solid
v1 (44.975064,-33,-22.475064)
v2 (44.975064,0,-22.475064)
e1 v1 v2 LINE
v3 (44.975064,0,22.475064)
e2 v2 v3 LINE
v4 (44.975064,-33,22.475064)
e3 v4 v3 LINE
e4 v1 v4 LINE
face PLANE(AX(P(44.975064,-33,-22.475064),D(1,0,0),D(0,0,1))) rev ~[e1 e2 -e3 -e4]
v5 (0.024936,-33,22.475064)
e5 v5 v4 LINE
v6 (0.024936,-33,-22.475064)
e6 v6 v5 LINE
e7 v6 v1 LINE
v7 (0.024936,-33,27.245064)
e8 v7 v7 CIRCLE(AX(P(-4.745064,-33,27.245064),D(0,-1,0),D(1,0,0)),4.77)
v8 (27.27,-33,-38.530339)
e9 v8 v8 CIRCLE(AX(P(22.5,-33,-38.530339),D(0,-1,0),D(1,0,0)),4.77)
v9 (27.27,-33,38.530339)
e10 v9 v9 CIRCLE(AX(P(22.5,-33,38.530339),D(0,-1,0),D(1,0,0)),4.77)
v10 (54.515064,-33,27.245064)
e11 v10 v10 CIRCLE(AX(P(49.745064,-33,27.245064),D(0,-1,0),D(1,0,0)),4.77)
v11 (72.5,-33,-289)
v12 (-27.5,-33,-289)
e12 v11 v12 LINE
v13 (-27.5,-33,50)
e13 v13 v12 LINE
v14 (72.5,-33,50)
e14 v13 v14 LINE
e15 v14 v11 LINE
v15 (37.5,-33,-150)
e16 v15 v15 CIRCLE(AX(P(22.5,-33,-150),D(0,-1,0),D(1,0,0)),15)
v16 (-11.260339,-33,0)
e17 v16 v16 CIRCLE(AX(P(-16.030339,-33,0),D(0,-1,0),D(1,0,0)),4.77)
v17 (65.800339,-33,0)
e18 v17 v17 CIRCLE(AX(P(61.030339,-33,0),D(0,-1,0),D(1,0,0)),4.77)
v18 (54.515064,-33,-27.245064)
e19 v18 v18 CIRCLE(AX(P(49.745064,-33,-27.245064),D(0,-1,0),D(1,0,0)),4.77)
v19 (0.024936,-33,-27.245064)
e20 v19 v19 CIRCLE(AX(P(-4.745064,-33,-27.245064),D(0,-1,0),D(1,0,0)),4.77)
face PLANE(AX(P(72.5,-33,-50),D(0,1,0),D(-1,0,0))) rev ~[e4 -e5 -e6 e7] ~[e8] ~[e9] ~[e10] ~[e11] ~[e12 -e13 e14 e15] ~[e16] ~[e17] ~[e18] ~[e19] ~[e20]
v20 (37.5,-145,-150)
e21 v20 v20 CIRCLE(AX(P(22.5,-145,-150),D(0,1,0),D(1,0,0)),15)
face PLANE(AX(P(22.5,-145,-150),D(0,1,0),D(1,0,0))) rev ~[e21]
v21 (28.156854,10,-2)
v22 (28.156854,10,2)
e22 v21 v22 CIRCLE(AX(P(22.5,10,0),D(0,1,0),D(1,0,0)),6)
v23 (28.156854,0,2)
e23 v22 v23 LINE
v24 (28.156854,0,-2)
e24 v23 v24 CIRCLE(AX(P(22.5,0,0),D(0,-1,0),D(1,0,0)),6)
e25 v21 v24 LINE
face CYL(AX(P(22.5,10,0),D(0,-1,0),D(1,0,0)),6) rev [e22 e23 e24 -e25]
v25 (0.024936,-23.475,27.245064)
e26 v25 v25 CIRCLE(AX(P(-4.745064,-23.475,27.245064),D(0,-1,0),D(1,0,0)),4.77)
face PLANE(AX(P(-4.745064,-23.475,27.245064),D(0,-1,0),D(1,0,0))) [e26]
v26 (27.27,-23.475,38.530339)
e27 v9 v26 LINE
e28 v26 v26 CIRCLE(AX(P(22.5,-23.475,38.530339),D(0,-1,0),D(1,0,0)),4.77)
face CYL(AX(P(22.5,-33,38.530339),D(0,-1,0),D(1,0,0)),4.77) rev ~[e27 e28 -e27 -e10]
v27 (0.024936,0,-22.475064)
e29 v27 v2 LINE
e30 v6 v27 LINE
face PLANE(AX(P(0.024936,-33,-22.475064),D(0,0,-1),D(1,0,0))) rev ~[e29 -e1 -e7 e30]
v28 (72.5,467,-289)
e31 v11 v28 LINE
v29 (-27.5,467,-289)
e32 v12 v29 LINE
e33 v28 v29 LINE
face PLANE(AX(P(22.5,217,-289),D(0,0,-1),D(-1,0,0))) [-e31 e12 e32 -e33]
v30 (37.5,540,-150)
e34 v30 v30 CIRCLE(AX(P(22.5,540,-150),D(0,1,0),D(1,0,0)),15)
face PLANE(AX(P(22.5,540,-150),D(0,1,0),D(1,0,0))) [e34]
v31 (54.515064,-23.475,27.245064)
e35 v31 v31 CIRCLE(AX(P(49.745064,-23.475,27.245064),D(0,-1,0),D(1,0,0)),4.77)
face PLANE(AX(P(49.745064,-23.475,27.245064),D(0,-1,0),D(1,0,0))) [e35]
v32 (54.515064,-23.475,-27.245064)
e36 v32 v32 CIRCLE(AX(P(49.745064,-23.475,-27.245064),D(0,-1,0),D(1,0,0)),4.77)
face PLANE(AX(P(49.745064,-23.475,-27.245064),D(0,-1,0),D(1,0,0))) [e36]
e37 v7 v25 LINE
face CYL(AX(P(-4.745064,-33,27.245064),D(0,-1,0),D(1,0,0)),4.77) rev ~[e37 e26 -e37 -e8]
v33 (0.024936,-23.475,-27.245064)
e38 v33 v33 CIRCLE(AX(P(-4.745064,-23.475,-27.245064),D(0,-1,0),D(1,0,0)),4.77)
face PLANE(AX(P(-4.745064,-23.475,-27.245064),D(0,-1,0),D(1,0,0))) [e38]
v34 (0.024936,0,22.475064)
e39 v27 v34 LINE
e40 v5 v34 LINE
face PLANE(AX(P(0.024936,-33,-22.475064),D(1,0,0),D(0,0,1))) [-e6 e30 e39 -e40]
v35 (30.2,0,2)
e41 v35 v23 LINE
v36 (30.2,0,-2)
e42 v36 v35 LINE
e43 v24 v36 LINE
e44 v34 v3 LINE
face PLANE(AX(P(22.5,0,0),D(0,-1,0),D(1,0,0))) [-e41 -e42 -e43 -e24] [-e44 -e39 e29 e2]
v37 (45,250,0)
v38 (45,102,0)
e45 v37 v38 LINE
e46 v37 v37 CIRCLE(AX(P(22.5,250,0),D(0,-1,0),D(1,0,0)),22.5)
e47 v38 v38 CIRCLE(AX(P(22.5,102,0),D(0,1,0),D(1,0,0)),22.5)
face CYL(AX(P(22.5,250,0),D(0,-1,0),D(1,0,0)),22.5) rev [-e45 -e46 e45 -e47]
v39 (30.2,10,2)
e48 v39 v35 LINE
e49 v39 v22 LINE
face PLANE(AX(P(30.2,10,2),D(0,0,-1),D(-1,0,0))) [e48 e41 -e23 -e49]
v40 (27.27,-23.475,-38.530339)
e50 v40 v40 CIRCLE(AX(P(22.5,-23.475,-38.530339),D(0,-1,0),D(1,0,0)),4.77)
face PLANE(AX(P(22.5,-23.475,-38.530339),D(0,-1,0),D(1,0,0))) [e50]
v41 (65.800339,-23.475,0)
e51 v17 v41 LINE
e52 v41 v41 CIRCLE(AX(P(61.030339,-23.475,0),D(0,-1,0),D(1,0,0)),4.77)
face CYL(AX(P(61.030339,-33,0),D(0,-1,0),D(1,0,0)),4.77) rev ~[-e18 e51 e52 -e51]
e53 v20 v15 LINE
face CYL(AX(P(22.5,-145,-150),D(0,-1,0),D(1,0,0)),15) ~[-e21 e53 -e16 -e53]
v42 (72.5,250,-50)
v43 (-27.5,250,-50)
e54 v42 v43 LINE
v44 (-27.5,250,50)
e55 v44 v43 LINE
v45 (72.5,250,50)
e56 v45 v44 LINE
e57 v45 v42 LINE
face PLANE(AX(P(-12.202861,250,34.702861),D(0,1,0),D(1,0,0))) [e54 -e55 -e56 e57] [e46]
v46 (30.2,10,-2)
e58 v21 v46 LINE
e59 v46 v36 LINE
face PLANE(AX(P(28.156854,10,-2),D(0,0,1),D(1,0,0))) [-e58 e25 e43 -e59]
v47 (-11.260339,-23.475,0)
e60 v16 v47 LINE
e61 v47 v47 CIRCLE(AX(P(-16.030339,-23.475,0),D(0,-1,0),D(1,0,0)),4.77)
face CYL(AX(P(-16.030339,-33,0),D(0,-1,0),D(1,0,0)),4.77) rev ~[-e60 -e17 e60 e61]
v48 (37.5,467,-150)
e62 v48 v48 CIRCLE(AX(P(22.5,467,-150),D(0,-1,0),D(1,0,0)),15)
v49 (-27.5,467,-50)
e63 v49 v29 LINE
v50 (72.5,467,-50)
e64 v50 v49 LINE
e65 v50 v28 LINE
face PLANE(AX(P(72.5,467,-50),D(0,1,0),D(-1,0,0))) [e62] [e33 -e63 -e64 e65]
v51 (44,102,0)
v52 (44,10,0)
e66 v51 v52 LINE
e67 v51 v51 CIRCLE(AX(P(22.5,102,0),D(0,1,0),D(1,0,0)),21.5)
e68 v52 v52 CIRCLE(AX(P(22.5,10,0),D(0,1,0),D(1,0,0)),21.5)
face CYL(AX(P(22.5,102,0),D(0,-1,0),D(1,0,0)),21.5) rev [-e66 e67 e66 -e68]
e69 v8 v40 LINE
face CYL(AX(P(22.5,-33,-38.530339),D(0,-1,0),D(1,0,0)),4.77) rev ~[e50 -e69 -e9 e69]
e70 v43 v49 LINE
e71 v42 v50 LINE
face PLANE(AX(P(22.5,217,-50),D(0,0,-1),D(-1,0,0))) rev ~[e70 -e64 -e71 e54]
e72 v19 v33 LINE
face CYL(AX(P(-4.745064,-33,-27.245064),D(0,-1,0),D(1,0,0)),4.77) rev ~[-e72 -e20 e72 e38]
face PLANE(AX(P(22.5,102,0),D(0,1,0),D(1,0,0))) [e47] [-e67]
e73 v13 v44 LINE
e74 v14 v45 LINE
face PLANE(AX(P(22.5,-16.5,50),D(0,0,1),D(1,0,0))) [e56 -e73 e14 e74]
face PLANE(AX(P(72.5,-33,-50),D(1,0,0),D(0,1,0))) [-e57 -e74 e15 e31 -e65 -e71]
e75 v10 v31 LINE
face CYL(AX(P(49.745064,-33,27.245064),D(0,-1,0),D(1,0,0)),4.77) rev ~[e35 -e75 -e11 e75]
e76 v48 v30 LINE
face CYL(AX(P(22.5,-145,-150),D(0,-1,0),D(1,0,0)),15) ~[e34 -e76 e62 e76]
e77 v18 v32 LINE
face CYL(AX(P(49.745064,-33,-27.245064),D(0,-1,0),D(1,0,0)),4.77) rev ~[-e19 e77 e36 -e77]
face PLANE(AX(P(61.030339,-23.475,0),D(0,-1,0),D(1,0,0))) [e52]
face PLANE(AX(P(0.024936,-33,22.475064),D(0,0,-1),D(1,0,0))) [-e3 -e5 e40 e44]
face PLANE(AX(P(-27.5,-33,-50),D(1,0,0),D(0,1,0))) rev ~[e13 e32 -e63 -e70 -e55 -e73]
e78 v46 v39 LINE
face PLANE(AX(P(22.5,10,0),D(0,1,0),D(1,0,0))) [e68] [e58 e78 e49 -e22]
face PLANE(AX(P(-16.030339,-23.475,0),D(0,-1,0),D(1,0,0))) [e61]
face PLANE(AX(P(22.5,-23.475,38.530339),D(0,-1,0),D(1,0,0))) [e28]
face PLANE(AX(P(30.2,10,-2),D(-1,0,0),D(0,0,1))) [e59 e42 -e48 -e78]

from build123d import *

# Parameters (mm, degrees)
CUT_EXTRUDE_START     = -10
CUT_EXTRUDE_1_DEPTH   = 10
EXTRUDE_START         = -250
SKETCH_3_R            = 50
SKETCH_3_R_2          = 32.5
EXTRUDE_1_DEPTH       = 250
EXTRUDE_7_DEPTH       = 250
EXTRUDE_8_DEPTH       = 50
EXTRUDE_8_DEPTH_BACK  = 50
SKETCH_5_R            = 4.77
CUT_EXTRUDE_2_DEPTH   = 9.525
SKETCH_7_W            = 44.95012806
SKETCH_7_H            = 44.95012806
CUT_EXTRUDE_3_DEPTH   = 33
SKETCH_12_W           = 100
SKETCH_12_H           = 500
EXTRUDE_10_DEPTH      = 239
EXTRUDE_12_DEPTH      = 73
EXTRUDE_12_DEPTH_BACK = 612
SKETCH_13_R           = 15


with BuildPart() as part:
    # 草图1 → 旋转1 (revolve)
    with BuildSketch(Plane.XY):
        Polygon((16.5, 10), (1, 10), (1, 102), (0, 102), (0, 250), (-10, 250), (-10, 0), (16.5, 0), align=None)
        Polygon((28.5, 10), (28.5, 0), (55, 0), (55, 250), (45, 250), (45, 102), (44, 102), (44, 10), align=None)
    revolve(axis=Axis((22.5, 0, 0), (0, 1, 0)))

    # 草图2 → 切除-拉伸1 (cut)
    with BuildSketch(Plane.XZ.offset(CUT_EXTRUDE_START)):
        with BuildLine():
            Line((30.2, 2), (28.156854249, 2))
            ThreePointArc((28.156854249, 2), (28.5, 0), (28.156854249, -2))
            Line((28.156854249, -2), (30.2, -2))
            Line((30.2, -2), (30.2, 2))
        make_face()
    extrude(amount=CUT_EXTRUDE_1_DEPTH, mode=Mode.SUBTRACT)

    # 草图3 → 凸台-拉伸1 (add)
    with BuildSketch(Plane(origin=(0, 250, 0), x_dir=(1, 0, 0), z_dir=(0, 1, 0)).offset(EXTRUDE_START)):
        with Locations((22.5, 0)):
            Circle(SKETCH_3_R)
        with Locations((22.5, 0)):
            Circle(SKETCH_3_R_2, mode=Mode.SUBTRACT)
    extrude(amount=EXTRUDE_1_DEPTH)

    # 草图3<5> → 凸台-拉伸7 (add)
    with BuildSketch(Plane(origin=(0, 250, 0), x_dir=(1, 0, 0), z_dir=(0, 1, 0)).offset(EXTRUDE_START)):
        with BuildLine():
            ThreePointArc((22.5, -50), (-12.855339059, -35.355339059), (-27.5, 0))
            Line((-27.5, 0), (-27.5, -50))
            Line((-27.5, -50), (22.5, -50))
        make_face()
        with BuildLine():
            Line((-27.5, 50), (-27.5, 0))
            ThreePointArc((-27.5, 0), (-12.855339059, 35.355339059), (22.5, 50))
            Line((22.5, 50), (-27.5, 50))
        make_face()
        with BuildLine():
            Line((72.5, 50), (22.5, 50))
            ThreePointArc((22.5, 50), (57.855339059, 35.355339059), (72.5, 0))
            Line((72.5, 0), (72.5, 50))
        make_face()
        with BuildLine():
            ThreePointArc((72.5, 0), (57.855339059, -35.355339059), (22.5, -50))
            Line((22.5, -50), (72.5, -50))
            Line((72.5, -50), (72.5, 0))
        make_face()
    extrude(amount=EXTRUDE_7_DEPTH)

    # 草图1<21> → 凸台-拉伸8 (add, two sides: drawn at the far end of the back side and taken through both)
    with BuildSketch(Plane.XY.offset(-EXTRUDE_8_DEPTH_BACK)):
        Polygon((16.5, 0), (0, 0), (-10, 0), (-27.5, 0), (-27.5, -33), (72.5, -33), (72.5, 0), (55, 0), (45, 0), (28.5, 0), align=None)
    extrude(amount=EXTRUDE_8_DEPTH + EXTRUDE_8_DEPTH_BACK)

    # 草图5 → 切除-拉伸2 (cut)
    with BuildSketch(Plane.XZ.offset(33)):
        with Locations((-16.030339059, 0)):
            Circle(SKETCH_5_R)
        with Locations((-4.74506403, 27.24506403)):
            Circle(SKETCH_5_R)
        with Locations((22.5, 38.530339059)):
            Circle(SKETCH_5_R)
        with Locations((49.74506403, 27.24506403)):
            Circle(SKETCH_5_R)
        with Locations((61.030339059, 0)):
            Circle(SKETCH_5_R)
        with Locations((49.74506403, -27.24506403)):
            Circle(SKETCH_5_R)
        with Locations((22.5, -38.530339059)):
            Circle(SKETCH_5_R)
        with Locations((-4.74506403, -27.24506403)):
            Circle(SKETCH_5_R)
    extrude(amount=-CUT_EXTRUDE_2_DEPTH, mode=Mode.SUBTRACT)

    # 草图7 → 切除-拉伸3 (cut)
    with BuildSketch(Plane.XZ.offset(33)):
        with Locations((22.5, 0)):
            Rectangle(SKETCH_7_W, SKETCH_7_H)
    extrude(amount=-CUT_EXTRUDE_3_DEPTH, mode=Mode.SUBTRACT)

    # 草图12 → 凸台-拉伸10 (add)
    with BuildSketch(Plane(origin=(0, 0, -50), x_dir=(-1, 0, 0), z_dir=(0, 0, -1))):
        with Locations((-22.5, 217)):
            Rectangle(SKETCH_12_W, SKETCH_12_H)
    extrude(amount=EXTRUDE_10_DEPTH)

    # 草图13 → 凸台-拉伸12 (add, two sides: drawn at the far end of the back side and taken through both)
    with BuildSketch(Plane(origin=(0, 467, 0), x_dir=(1, 0, 0), z_dir=(0, 1, 0)).offset(-EXTRUDE_12_DEPTH_BACK)):
        with Locations((22.5, 150)):
            Circle(SKETCH_13_R)
    extrude(amount=EXTRUDE_12_DEPTH + EXTRUDE_12_DEPTH_BACK)


solid = part.part
